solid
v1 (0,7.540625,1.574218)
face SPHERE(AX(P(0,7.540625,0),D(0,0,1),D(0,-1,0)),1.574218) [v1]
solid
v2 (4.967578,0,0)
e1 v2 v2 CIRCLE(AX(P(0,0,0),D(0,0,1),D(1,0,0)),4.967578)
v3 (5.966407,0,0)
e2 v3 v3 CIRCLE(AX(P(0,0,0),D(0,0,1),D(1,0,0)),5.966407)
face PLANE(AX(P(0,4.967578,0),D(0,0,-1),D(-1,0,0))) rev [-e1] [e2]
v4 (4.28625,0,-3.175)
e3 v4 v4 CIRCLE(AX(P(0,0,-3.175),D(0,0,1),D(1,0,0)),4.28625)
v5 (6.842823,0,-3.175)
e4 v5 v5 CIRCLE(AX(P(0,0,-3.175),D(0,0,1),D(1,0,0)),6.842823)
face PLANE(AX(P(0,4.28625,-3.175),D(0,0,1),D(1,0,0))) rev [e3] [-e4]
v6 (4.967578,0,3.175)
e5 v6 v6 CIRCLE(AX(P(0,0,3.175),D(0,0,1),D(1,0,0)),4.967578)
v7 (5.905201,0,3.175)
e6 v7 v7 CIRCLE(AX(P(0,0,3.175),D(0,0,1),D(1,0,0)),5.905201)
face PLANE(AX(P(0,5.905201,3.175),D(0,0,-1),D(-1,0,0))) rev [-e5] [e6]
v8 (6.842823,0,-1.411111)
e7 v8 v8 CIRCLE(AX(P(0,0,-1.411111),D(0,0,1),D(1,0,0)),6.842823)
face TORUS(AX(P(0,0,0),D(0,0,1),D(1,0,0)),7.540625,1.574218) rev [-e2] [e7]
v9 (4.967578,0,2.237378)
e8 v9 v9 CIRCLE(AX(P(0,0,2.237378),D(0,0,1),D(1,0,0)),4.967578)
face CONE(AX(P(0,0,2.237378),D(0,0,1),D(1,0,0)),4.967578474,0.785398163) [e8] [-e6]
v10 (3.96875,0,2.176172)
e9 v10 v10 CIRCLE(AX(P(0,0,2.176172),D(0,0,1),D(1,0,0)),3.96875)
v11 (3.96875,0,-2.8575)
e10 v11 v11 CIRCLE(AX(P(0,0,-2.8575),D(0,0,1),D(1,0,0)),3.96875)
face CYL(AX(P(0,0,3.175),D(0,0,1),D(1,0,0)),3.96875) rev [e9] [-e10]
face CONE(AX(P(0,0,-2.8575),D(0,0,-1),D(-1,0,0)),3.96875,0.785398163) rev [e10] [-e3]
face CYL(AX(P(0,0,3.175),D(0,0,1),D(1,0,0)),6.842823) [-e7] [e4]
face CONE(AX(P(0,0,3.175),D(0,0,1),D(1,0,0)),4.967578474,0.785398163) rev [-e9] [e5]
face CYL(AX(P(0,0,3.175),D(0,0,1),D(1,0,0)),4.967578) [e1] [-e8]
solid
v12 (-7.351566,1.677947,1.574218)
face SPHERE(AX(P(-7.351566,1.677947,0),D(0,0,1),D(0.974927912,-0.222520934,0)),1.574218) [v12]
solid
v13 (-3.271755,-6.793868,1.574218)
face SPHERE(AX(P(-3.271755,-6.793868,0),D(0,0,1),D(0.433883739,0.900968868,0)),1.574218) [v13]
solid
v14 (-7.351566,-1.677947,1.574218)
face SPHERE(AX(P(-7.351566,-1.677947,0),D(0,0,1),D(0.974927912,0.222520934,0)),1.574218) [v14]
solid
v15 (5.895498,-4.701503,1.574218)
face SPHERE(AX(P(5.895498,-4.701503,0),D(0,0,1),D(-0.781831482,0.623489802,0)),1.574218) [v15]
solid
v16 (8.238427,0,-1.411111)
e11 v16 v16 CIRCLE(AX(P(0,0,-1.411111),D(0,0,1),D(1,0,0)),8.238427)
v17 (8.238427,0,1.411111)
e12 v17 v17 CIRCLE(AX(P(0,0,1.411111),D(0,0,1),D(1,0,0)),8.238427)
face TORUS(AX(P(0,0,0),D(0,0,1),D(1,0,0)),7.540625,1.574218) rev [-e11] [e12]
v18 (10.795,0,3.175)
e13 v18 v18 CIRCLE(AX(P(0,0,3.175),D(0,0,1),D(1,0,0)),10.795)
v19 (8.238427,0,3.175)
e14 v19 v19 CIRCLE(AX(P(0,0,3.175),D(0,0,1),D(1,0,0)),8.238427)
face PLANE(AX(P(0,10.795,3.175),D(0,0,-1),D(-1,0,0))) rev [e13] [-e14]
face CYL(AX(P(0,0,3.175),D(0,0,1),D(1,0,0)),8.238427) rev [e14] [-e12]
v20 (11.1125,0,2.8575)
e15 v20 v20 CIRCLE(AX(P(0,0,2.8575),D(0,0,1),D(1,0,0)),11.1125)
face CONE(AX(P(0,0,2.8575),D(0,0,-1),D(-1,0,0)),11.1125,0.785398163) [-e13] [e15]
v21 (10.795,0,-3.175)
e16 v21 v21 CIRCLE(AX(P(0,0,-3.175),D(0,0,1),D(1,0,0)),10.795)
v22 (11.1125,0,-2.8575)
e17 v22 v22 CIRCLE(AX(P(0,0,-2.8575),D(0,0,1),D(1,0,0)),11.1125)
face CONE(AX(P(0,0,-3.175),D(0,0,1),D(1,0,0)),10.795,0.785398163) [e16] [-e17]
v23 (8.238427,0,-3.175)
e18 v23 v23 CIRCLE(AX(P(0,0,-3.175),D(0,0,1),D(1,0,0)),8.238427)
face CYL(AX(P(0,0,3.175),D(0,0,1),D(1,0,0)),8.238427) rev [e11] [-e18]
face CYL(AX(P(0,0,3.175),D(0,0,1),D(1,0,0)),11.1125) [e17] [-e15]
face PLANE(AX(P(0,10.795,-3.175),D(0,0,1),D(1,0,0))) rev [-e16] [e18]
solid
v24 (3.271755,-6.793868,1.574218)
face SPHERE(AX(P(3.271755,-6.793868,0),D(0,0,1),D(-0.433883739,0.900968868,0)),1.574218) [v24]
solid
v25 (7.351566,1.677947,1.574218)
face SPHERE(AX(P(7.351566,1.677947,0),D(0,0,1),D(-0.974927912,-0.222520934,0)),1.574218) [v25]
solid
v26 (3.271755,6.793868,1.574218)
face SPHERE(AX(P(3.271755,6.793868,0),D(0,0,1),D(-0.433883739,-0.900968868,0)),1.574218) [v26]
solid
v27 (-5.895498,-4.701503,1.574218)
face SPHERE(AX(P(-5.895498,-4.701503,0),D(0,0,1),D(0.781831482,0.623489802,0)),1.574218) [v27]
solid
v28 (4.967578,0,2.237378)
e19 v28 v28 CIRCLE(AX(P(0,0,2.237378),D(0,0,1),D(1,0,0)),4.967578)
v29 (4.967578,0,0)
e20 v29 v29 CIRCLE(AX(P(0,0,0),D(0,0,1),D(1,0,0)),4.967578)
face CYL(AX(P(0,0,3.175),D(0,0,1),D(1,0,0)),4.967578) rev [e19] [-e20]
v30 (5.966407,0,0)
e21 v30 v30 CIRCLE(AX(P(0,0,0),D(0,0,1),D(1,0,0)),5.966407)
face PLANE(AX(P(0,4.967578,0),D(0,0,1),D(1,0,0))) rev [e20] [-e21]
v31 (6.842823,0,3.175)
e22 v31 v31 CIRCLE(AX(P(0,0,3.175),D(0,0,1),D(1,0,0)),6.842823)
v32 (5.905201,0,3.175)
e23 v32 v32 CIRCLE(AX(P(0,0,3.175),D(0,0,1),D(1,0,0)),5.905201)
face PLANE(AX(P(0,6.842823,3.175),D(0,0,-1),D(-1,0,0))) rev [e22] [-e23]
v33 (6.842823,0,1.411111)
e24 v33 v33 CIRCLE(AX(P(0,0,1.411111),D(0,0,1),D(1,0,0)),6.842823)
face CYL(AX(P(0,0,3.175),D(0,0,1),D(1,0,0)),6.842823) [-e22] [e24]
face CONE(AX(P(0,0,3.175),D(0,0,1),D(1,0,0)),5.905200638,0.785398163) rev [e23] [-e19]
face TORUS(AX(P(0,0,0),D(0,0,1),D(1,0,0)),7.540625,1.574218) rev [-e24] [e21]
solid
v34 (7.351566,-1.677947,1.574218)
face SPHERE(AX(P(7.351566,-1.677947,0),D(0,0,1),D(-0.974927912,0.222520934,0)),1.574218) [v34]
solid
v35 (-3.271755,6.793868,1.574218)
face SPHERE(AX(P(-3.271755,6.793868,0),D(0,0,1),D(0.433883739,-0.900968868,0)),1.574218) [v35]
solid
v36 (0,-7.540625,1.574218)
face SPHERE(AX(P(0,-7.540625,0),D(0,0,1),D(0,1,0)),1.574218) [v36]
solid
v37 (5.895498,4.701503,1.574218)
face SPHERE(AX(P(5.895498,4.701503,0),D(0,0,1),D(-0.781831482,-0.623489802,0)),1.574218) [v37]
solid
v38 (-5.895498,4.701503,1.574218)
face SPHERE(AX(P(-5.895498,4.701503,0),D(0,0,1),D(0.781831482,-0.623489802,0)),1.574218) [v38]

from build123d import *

# Parameters (mm, degrees)
CIRPATTERN1_COUNT = 14


with BuildPart() as part:
    # Sketch1 → Revolve1 (revolve)
    with BuildSketch(Plane(origin=(0, 0, 0), x_dir=(0, 0, -1), z_dir=(1, 0, 0))):
        with BuildLine():
            Line((2.8575, 11.1125), (-2.8575, 11.1125))
            Line((-2.8575, 11.1125), (-3.175, 10.795))
            Line((-3.175, 10.795), (-3.175, 8.238427198))
            Line((-3.175, 8.238427198), (-1.411111111, 8.238427198))
            ThreePointArc((-1.411111111, 8.238427198), (0, 9.114843052), (1.411111111, 8.238427198))
            Line((1.411111111, 8.238427198), (3.175, 8.238427198))
            Line((3.175, 8.238427198), (3.175, 10.795))
            Line((3.175, 10.795), (2.8575, 11.1125))
        make_face()
    revolve(axis=Axis((0, 0, 3.175), (0, 0, -1)))


with BuildPart() as body_2:
    # Sketch2 → Revolve2 (revolve)
    with BuildSketch(Plane(origin=(0, 0, 0), x_dir=(0, 0, -1), z_dir=(1, 0, 0))):
        with BuildLine():
            Line((-3.175, 6.842822802), (-1.411111111, 6.842822802))
            ThreePointArc((-1.411111111, 6.842822802), (-0.830562959, 6.203341318), (0, 5.966406948))
            Line((0, 5.966406948), (0, 4.967578474))
            Line((0, 4.967578474), (-2.237377836, 4.967578474))
            Line((-2.237377836, 4.967578474), (-3.175, 5.905200638))
            Line((-3.175, 5.905200638), (-3.175, 6.842822802))
        make_face()
    revolve(axis=Axis((0, 0, 3.175), (0, 0, -1)))


with BuildPart() as body_3:
    # Sketch3 → Revolve3 (revolve)
    with BuildSketch(Plane(origin=(0, 0, 0), x_dir=(0, 0, -1), z_dir=(1, 0, 0))):
        with BuildLine():
            Line((-3.175, 5.905200638), (-2.237377836, 4.967578474))
            Line((-2.237377836, 4.967578474), (0, 4.967578474))
            Line((0, 4.967578474), (0, 5.966406948))
            ThreePointArc((0, 5.966406948), (0.830562959, 6.203341318), (1.411111111, 6.842822802))
            Line((1.411111111, 6.842822802), (3.175, 6.842822802))
            Line((3.175, 6.842822802), (3.175, 4.28625))
            Line((3.175, 4.28625), (2.8575, 3.96875))
            Line((2.8575, 3.96875), (-2.176171526, 3.96875))
            Line((-2.176171526, 3.96875), (-3.175, 4.967578474))
            Line((-3.175, 4.967578474), (-3.175, 5.905200638))
        make_face()
    revolve(axis=Axis((0, 0, 3.175), (0, 0, -1)))


with BuildPart() as body_4:
    # Sketch4 → Revolve4 (revolve)
    with BuildSketch(Plane(origin=(0, 0, 0), x_dir=(0, 0, -1), z_dir=(1, 0, 0))):
        with BuildLine():
            Line((-1.574218052, 7.540625), (1.574218052, 7.540625))
            ThreePointArc((1.574218052, 7.540625), (0, 9.114843052), (-1.574218052, 7.540625))
        make_face()
    revolve(axis=Axis((0, 7.540625, 1.574218052), (0, 0, -1)))


with BuildPart() as cirpattern1_1:
    # CirPattern1: pattern copy
    add(body_4.part.rotate(Axis((0, 0, -3.175), (0, 0, 1)), 1 * 360 / CIRPATTERN1_COUNT))


with BuildPart() as cirpattern1_2:
    # CirPattern1: pattern copy
    add(body_4.part.rotate(Axis((0, 0, -3.175), (0, 0, 1)), 2 * 360 / CIRPATTERN1_COUNT))


with BuildPart() as cirpattern1_3:
    # CirPattern1: pattern copy
    add(body_4.part.rotate(Axis((0, 0, -3.175), (0, 0, 1)), 3 * 360 / CIRPATTERN1_COUNT))


with BuildPart() as cirpattern1_4:
    # CirPattern1: pattern copy
    add(body_4.part.rotate(Axis((0, 0, -3.175), (0, 0, 1)), 4 * 360 / CIRPATTERN1_COUNT))


with BuildPart() as cirpattern1_5:
    # CirPattern1: pattern copy
    add(body_4.part.rotate(Axis((0, 0, -3.175), (0, 0, 1)), 5 * 360 / CIRPATTERN1_COUNT))


with BuildPart() as cirpattern1_6:
    # CirPattern1: pattern copy
    add(body_4.part.rotate(Axis((0, 0, -3.175), (0, 0, 1)), 6 * 360 / CIRPATTERN1_COUNT))


with BuildPart() as cirpattern1_7:
    # CirPattern1: pattern copy
    add(body_4.part.rotate(Axis((0, 0, -3.175), (0, 0, 1)), 7 * 360 / CIRPATTERN1_COUNT))


with BuildPart() as cirpattern1_8:
    # CirPattern1: pattern copy
    add(body_4.part.rotate(Axis((0, 0, -3.175), (0, 0, 1)), 8 * 360 / CIRPATTERN1_COUNT))


with BuildPart() as cirpattern1_9:
    # CirPattern1: pattern copy
    add(body_4.part.rotate(Axis((0, 0, -3.175), (0, 0, 1)), 9 * 360 / CIRPATTERN1_COUNT))


with BuildPart() as cirpattern1_10:
    # CirPattern1: pattern copy
    add(body_4.part.rotate(Axis((0, 0, -3.175), (0, 0, 1)), 10 * 360 / CIRPATTERN1_COUNT))


with BuildPart() as cirpattern1_11:
    # CirPattern1: pattern copy
    add(body_4.part.rotate(Axis((0, 0, -3.175), (0, 0, 1)), 11 * 360 / CIRPATTERN1_COUNT))


with BuildPart() as cirpattern1_12:
    # CirPattern1: pattern copy
    add(body_4.part.rotate(Axis((0, 0, -3.175), (0, 0, 1)), 12 * 360 / CIRPATTERN1_COUNT))


with BuildPart() as cirpattern1_13:
    # CirPattern1: pattern copy
    add(body_4.part.rotate(Axis((0, 0, -3.175), (0, 0, 1)), 13 * 360 / CIRPATTERN1_COUNT))


solid = Compound([part.part, body_2.part, body_3.part, body_4.part, cirpattern1_1.part, cirpattern1_2.part, cirpattern1_3.part, cirpattern1_4.part, cirpattern1_5.part, cirpattern1_6.part, cirpattern1_7.part, cirpattern1_8.part, cirpattern1_9.part, cirpattern1_10.part, cirpattern1_11.part, cirpattern1_12.part, cirpattern1_13.part])
